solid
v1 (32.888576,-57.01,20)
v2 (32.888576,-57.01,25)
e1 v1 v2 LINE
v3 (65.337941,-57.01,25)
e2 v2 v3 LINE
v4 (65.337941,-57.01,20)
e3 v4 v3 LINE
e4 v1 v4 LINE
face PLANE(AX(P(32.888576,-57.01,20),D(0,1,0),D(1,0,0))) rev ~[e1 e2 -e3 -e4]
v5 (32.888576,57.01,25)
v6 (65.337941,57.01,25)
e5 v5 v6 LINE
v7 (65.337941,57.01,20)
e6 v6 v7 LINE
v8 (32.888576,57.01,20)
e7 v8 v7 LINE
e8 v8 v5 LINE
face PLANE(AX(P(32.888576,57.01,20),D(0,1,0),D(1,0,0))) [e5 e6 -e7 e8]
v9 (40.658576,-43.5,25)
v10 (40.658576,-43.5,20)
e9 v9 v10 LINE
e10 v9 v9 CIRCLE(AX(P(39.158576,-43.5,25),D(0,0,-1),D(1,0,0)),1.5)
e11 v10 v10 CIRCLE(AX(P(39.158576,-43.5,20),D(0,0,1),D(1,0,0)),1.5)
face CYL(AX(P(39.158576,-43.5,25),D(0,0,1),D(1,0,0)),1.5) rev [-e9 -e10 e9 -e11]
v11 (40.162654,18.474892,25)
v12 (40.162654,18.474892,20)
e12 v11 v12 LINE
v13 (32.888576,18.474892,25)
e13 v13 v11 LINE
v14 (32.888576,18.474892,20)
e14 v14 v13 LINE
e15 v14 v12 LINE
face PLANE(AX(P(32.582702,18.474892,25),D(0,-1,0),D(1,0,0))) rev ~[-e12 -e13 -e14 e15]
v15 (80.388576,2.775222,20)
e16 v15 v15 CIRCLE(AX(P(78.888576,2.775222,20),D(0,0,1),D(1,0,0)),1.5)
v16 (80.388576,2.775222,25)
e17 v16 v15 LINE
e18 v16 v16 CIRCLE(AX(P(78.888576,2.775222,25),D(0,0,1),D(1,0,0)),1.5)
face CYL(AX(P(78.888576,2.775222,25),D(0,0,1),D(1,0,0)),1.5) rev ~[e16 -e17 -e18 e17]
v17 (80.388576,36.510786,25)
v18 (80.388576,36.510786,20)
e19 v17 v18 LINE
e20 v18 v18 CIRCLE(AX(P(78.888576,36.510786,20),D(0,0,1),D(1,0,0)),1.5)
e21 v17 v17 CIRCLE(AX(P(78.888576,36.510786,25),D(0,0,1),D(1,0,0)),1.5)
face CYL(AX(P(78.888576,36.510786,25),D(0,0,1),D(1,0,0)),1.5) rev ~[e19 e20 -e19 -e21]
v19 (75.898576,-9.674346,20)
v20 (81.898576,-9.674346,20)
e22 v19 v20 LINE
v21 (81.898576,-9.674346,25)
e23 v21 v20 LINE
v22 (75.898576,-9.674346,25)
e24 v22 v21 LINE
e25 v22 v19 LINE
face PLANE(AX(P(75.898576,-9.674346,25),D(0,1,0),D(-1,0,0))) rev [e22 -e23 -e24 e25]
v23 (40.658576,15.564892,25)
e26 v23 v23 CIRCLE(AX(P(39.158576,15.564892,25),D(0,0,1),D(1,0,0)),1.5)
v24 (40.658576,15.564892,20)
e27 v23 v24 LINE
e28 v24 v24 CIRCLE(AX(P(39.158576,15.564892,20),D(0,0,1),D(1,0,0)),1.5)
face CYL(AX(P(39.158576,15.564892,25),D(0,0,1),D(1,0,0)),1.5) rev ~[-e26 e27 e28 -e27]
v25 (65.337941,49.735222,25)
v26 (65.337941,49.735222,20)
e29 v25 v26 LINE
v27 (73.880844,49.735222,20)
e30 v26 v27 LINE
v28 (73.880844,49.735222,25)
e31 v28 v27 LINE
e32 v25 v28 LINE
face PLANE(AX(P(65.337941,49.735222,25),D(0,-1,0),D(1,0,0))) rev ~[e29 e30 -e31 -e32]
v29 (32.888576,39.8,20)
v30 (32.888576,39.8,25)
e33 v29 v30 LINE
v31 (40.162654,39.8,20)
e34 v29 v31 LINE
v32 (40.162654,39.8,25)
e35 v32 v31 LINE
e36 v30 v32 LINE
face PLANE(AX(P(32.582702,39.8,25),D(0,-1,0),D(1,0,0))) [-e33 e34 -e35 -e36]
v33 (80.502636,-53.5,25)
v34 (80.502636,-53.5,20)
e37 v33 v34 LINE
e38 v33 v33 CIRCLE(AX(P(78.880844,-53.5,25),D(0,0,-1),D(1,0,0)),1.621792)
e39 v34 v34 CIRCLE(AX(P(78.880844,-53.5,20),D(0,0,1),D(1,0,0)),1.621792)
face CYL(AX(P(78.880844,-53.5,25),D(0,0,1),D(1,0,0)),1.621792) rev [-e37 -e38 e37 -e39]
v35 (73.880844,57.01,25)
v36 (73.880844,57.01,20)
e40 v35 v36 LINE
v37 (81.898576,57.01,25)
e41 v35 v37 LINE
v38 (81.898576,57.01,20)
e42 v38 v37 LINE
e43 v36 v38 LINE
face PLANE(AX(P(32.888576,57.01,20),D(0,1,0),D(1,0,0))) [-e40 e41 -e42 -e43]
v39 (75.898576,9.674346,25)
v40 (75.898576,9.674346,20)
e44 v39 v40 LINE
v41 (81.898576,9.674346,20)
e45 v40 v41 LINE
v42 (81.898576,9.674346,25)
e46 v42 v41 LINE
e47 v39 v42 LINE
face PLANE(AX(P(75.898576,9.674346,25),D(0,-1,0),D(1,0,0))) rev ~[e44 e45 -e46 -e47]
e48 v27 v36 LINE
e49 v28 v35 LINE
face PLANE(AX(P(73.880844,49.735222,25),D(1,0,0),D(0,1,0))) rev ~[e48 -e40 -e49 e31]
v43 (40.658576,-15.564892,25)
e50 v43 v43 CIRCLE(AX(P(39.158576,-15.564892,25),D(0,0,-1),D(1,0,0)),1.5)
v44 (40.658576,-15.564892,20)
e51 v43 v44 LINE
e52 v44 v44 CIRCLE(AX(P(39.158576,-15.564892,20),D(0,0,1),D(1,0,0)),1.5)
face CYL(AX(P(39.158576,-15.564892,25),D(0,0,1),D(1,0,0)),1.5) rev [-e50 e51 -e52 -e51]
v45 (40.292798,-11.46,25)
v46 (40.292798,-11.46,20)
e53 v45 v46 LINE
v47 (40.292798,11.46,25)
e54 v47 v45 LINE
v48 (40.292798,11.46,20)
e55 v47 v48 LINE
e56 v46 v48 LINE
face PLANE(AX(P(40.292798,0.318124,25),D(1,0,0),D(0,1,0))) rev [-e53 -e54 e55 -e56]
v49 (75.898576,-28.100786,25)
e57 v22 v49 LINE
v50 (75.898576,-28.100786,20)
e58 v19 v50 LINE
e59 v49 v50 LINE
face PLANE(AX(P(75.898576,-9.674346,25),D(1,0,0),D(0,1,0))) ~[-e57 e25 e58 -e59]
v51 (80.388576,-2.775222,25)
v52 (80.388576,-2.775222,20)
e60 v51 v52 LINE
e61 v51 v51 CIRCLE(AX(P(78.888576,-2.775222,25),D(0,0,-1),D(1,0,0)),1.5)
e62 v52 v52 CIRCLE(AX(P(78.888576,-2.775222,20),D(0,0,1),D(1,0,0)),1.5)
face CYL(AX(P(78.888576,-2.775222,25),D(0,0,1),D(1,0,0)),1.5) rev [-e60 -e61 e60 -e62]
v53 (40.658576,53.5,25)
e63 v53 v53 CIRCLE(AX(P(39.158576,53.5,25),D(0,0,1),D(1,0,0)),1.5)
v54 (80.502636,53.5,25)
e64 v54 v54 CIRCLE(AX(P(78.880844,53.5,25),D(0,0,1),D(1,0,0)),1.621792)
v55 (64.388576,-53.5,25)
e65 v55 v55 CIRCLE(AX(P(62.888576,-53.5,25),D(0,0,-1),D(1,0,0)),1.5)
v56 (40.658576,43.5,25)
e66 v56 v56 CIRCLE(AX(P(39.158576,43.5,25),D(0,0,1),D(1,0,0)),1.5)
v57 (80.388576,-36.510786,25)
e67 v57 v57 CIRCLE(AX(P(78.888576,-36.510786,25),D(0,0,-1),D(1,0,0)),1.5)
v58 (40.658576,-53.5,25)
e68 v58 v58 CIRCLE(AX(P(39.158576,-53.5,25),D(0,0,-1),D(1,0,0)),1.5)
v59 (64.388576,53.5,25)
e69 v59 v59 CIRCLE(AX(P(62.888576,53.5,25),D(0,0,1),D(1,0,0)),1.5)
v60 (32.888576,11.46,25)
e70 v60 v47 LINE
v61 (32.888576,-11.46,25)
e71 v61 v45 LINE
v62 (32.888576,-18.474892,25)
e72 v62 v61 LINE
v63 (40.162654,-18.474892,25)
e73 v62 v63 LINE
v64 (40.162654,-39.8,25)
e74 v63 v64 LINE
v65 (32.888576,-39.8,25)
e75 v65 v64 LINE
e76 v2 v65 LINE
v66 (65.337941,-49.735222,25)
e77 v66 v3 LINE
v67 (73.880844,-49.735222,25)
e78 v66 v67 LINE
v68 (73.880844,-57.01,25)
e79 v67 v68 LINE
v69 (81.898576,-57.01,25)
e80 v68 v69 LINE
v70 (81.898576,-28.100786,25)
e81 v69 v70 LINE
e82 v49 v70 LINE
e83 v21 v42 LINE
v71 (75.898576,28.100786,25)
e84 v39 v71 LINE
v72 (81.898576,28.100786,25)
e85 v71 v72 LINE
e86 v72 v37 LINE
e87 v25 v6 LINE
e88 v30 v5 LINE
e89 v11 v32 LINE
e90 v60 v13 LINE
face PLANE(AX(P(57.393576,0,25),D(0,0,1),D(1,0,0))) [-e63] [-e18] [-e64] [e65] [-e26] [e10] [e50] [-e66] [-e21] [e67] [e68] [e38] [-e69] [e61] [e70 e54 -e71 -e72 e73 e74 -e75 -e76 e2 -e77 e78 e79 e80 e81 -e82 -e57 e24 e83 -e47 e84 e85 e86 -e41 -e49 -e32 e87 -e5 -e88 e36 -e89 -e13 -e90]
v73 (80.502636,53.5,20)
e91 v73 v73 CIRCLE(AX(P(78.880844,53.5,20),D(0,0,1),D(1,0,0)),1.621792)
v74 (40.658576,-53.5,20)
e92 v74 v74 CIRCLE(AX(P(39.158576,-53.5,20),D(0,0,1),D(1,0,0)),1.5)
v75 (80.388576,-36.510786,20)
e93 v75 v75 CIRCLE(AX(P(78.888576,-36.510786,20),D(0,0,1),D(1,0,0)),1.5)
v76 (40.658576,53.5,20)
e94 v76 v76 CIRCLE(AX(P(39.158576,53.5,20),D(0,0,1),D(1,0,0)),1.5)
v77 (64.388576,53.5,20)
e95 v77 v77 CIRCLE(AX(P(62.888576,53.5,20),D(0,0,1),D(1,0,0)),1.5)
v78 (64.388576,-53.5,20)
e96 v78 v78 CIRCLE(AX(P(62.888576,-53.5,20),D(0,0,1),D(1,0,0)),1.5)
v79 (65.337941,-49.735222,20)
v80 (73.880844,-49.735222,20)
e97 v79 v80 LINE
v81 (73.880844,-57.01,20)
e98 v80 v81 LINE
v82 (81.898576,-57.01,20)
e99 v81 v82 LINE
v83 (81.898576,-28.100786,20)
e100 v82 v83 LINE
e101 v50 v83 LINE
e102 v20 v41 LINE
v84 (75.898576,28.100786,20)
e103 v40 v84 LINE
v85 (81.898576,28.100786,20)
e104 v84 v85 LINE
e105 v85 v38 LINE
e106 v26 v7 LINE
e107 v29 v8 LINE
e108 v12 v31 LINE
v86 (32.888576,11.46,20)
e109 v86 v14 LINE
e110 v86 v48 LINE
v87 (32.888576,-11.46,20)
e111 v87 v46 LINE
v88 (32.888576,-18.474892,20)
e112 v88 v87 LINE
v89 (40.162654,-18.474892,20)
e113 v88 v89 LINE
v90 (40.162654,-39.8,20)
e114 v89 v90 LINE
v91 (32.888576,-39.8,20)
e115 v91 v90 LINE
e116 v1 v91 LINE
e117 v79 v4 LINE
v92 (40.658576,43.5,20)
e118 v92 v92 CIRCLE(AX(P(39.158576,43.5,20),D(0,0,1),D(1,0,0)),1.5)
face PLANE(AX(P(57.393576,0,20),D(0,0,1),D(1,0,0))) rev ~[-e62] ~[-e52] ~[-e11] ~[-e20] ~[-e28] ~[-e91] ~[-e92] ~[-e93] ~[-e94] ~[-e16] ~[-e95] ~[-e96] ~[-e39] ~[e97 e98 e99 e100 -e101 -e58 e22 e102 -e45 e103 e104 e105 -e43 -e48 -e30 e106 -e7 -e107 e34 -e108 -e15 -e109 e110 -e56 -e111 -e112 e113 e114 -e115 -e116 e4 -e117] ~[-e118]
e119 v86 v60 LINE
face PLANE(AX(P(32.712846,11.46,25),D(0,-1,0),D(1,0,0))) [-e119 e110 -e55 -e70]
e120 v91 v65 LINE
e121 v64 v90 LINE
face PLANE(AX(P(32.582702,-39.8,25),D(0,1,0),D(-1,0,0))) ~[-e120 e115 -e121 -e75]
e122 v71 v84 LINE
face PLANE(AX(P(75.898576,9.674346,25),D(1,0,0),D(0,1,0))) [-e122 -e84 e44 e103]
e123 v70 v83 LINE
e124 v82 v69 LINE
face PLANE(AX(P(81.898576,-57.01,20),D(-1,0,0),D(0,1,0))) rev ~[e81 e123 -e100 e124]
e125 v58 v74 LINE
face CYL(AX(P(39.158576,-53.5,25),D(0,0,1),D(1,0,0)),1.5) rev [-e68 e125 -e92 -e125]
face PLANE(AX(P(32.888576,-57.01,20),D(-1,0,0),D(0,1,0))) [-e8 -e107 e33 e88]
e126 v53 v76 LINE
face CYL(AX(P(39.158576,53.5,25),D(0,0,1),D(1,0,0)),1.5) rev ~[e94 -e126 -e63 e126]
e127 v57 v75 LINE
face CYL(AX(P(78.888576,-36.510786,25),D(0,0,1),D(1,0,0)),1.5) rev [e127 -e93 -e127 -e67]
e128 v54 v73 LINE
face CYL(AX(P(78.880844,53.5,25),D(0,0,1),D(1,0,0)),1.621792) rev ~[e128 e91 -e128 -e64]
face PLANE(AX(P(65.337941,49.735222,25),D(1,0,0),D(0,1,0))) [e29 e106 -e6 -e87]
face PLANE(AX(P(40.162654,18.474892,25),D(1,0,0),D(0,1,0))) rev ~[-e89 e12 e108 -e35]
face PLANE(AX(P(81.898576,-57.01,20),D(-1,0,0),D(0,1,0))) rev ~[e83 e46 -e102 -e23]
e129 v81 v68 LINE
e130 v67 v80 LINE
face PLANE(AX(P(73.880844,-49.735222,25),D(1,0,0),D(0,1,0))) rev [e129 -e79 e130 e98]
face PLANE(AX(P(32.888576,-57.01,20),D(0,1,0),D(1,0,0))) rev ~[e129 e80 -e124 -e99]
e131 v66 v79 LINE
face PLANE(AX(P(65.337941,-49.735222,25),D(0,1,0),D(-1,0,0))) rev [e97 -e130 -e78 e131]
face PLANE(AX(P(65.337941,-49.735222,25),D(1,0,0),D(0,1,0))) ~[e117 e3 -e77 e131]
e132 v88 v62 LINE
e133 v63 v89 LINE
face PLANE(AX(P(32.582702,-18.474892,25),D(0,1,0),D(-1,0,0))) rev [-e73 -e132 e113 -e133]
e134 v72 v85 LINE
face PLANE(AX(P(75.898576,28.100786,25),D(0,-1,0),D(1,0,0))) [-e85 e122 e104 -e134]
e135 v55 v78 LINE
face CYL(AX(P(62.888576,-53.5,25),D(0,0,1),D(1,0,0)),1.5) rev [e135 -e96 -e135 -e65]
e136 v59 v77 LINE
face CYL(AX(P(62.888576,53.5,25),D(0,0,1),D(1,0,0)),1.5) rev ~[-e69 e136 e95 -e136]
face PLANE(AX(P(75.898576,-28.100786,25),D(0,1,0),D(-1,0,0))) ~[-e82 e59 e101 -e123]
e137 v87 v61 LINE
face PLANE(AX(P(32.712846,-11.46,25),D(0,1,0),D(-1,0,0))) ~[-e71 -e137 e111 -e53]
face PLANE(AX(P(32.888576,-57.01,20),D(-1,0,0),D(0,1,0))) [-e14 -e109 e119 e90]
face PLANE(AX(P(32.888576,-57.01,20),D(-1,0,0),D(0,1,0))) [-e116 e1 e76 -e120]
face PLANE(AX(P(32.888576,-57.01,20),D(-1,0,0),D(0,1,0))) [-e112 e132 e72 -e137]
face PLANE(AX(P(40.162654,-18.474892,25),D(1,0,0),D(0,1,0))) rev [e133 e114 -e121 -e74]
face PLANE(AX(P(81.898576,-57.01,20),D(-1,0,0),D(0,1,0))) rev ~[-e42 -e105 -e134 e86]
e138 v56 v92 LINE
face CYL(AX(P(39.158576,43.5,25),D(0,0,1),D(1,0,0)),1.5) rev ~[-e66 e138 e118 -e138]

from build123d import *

# Parameters (mm, degrees)
EXTRUDE_1_DEPTH     = 10
SKETCH_2_R          = 1.5
CUT_EXTRUDE_1_DEPTH = 10
SKETCH_3_R          = 1.5
CUT_EXTRUDE_2_DEPTH = 10
SKETCH_5_W          = 49.01
SKETCH_5_H          = 114.02
EXTRUDE_2_DEPTH     = 5
SKETCH_7_W          = 7.579952265
SKETCH_7_H          = 21.325107759
SKETCH_7_H_2        = 11.778124307
SKETCH_7_W_2        = 8.542902392
SKETCH_7_H_3        = 7.419730403
CUT_EXTRUDE_3_DEPTH = 10
SKETCH_8_W          = 6
SKETCH_8_H          = 18.426440066
CUT_EXTRUDE_4_DEPTH = 10
SKETCH_9_R          = 1.5
SKETCH_9_R_2        = 1.621792445
CUT_EXTRUDE_5_DEPTH = 10


with BuildPart() as part:
    # 草图1 → 凸台-拉伸1 (new body)
    with BuildSketch(Plane.XY):
        with BuildLine():
            Line((118, 210), (-118, 210))
            Line((-118, 210), (-118, -210))
            Line((-118, -210), (118, -210))
            Line((118, -210), (118, -50.5))
            Line((118, -50.5), (54.15, -50.5))
            Line((54.15, -50.5), (54.15, -9.334147293))
            ThreePointArc((54.15, -9.334147293), (42.020728949, 0), (54.15, 9.334147293))
            Line((54.15, 9.334147293), (54.15, 50.5))
            Line((54.15, 50.5), (118, 50.5))
            Line((118, 50.5), (118, 210))
        make_face()
    extrude(amount=EXTRUDE_1_DEPTH)

    # 草图2 → 切除-拉伸1 (cut)
    with BuildSketch(Plane.XY.offset(10)):
        with Locations((-88, 135)):
            Circle(SKETCH_2_R)
        with Locations((-43, 180)):
            Circle(SKETCH_2_R)
        with Locations((-88, 180)):
            Circle(SKETCH_2_R)
    extrude(amount=-CUT_EXTRUDE_1_DEPTH, mode=Mode.SUBTRACT)

    # 草图3 → 切除-拉伸2 (cut)
    with BuildSketch(Plane.XY.offset(10)):
        with Locations((51.15, -15.672792958)):
            Circle(SKETCH_3_R)
        with Locations((112.73, -53.5)):
            Circle(SKETCH_3_R)
        with Locations((112.73, -59.5)):
            Circle(SKETCH_3_R)
        with Locations((87.23, -53.5)):
            Circle(SKETCH_3_R)
        with Locations((87.23, -59.5)):
            Circle(SKETCH_3_R)
        with Locations((77.23, -53.5)):
            Circle(SKETCH_3_R)
        with Locations((61.23, -53.5)):
            Circle(SKETCH_3_R)
        with Locations((51.15, -53.5)):
            Circle(SKETCH_3_R)
        with Locations((51.15, -43.5)):
            Circle(SKETCH_3_R)
    cut_extrude_2 = extrude(amount=-CUT_EXTRUDE_2_DEPTH, mode=Mode.SUBTRACT)

    # 镜向1: 切除-拉伸2 across plane
    add(cut_extrude_2.mirror(Plane.ZX), mode=Mode.SUBTRACT)


with BuildPart() as body_2:
    # 草图5 → 凸台-拉伸2 (new body)
    with BuildSketch(Plane.XY.offset(20)):
        with Locations((57.393575669, 0)):
            Rectangle(SKETCH_5_W, SKETCH_5_H)
    extrude(amount=EXTRUDE_2_DEPTH)

    # 草图7 → 切除-拉伸3 (cut)
    with BuildSketch(Plane.XY.offset(25)):
        with Locations((36.372677837, 29.137446121)):
            Rectangle(SKETCH_7_W, SKETCH_7_H)
        with Locations((36.502822244, 5.570937847)):
            Rectangle(SKETCH_7_W, SKETCH_7_H_2)
        with Locations((69.609392324, 53.445086976)):
            Rectangle(SKETCH_7_W_2, SKETCH_7_H_3)
    cut_extrude_3 = extrude(amount=-CUT_EXTRUDE_3_DEPTH, mode=Mode.SUBTRACT)

    # 镜向2: 切除-拉伸3 across plane
    add(cut_extrude_3.mirror(Plane.ZX), mode=Mode.SUBTRACT)

    # 草图8 → 切除-拉伸4 (cut)
    with BuildSketch(Plane.XY.offset(25)):
        with Locations((78.898575669, 18.887565602)):
            Rectangle(SKETCH_8_W, SKETCH_8_H)
    cut_extrude_4 = extrude(amount=-CUT_EXTRUDE_4_DEPTH, mode=Mode.SUBTRACT)

    # 镜向3: 切除-拉伸4 across plane
    add(cut_extrude_4.mirror(Plane.ZX), mode=Mode.SUBTRACT)

    # 草图9 → 切除-拉伸5 (cut)
    with BuildSketch(Plane.XY.offset(25)):
        with Locations((39.158575669, 53.5)):
            Circle(SKETCH_9_R)
        with Locations((62.888575669, 53.5)):
            Circle(SKETCH_9_R)
        with Locations((39.158575669, 43.5)):
            Circle(SKETCH_9_R)
        with Locations((78.88084352, 53.5)):
            Circle(SKETCH_9_R_2)
        with Locations((39.158575669, 15.564892241)):
            Circle(SKETCH_9_R)
        with Locations((78.888575669, 36.510785635)):
            Circle(SKETCH_9_R)
        with Locations((78.888575669, 2.775221774)):
            Circle(SKETCH_9_R)
    cut_extrude_5 = extrude(amount=-CUT_EXTRUDE_5_DEPTH, mode=Mode.SUBTRACT)

    # 镜向5: 切除-拉伸5 across plane
    add(cut_extrude_5.mirror(Plane.ZX), mode=Mode.SUBTRACT)


solid = body_2.part
